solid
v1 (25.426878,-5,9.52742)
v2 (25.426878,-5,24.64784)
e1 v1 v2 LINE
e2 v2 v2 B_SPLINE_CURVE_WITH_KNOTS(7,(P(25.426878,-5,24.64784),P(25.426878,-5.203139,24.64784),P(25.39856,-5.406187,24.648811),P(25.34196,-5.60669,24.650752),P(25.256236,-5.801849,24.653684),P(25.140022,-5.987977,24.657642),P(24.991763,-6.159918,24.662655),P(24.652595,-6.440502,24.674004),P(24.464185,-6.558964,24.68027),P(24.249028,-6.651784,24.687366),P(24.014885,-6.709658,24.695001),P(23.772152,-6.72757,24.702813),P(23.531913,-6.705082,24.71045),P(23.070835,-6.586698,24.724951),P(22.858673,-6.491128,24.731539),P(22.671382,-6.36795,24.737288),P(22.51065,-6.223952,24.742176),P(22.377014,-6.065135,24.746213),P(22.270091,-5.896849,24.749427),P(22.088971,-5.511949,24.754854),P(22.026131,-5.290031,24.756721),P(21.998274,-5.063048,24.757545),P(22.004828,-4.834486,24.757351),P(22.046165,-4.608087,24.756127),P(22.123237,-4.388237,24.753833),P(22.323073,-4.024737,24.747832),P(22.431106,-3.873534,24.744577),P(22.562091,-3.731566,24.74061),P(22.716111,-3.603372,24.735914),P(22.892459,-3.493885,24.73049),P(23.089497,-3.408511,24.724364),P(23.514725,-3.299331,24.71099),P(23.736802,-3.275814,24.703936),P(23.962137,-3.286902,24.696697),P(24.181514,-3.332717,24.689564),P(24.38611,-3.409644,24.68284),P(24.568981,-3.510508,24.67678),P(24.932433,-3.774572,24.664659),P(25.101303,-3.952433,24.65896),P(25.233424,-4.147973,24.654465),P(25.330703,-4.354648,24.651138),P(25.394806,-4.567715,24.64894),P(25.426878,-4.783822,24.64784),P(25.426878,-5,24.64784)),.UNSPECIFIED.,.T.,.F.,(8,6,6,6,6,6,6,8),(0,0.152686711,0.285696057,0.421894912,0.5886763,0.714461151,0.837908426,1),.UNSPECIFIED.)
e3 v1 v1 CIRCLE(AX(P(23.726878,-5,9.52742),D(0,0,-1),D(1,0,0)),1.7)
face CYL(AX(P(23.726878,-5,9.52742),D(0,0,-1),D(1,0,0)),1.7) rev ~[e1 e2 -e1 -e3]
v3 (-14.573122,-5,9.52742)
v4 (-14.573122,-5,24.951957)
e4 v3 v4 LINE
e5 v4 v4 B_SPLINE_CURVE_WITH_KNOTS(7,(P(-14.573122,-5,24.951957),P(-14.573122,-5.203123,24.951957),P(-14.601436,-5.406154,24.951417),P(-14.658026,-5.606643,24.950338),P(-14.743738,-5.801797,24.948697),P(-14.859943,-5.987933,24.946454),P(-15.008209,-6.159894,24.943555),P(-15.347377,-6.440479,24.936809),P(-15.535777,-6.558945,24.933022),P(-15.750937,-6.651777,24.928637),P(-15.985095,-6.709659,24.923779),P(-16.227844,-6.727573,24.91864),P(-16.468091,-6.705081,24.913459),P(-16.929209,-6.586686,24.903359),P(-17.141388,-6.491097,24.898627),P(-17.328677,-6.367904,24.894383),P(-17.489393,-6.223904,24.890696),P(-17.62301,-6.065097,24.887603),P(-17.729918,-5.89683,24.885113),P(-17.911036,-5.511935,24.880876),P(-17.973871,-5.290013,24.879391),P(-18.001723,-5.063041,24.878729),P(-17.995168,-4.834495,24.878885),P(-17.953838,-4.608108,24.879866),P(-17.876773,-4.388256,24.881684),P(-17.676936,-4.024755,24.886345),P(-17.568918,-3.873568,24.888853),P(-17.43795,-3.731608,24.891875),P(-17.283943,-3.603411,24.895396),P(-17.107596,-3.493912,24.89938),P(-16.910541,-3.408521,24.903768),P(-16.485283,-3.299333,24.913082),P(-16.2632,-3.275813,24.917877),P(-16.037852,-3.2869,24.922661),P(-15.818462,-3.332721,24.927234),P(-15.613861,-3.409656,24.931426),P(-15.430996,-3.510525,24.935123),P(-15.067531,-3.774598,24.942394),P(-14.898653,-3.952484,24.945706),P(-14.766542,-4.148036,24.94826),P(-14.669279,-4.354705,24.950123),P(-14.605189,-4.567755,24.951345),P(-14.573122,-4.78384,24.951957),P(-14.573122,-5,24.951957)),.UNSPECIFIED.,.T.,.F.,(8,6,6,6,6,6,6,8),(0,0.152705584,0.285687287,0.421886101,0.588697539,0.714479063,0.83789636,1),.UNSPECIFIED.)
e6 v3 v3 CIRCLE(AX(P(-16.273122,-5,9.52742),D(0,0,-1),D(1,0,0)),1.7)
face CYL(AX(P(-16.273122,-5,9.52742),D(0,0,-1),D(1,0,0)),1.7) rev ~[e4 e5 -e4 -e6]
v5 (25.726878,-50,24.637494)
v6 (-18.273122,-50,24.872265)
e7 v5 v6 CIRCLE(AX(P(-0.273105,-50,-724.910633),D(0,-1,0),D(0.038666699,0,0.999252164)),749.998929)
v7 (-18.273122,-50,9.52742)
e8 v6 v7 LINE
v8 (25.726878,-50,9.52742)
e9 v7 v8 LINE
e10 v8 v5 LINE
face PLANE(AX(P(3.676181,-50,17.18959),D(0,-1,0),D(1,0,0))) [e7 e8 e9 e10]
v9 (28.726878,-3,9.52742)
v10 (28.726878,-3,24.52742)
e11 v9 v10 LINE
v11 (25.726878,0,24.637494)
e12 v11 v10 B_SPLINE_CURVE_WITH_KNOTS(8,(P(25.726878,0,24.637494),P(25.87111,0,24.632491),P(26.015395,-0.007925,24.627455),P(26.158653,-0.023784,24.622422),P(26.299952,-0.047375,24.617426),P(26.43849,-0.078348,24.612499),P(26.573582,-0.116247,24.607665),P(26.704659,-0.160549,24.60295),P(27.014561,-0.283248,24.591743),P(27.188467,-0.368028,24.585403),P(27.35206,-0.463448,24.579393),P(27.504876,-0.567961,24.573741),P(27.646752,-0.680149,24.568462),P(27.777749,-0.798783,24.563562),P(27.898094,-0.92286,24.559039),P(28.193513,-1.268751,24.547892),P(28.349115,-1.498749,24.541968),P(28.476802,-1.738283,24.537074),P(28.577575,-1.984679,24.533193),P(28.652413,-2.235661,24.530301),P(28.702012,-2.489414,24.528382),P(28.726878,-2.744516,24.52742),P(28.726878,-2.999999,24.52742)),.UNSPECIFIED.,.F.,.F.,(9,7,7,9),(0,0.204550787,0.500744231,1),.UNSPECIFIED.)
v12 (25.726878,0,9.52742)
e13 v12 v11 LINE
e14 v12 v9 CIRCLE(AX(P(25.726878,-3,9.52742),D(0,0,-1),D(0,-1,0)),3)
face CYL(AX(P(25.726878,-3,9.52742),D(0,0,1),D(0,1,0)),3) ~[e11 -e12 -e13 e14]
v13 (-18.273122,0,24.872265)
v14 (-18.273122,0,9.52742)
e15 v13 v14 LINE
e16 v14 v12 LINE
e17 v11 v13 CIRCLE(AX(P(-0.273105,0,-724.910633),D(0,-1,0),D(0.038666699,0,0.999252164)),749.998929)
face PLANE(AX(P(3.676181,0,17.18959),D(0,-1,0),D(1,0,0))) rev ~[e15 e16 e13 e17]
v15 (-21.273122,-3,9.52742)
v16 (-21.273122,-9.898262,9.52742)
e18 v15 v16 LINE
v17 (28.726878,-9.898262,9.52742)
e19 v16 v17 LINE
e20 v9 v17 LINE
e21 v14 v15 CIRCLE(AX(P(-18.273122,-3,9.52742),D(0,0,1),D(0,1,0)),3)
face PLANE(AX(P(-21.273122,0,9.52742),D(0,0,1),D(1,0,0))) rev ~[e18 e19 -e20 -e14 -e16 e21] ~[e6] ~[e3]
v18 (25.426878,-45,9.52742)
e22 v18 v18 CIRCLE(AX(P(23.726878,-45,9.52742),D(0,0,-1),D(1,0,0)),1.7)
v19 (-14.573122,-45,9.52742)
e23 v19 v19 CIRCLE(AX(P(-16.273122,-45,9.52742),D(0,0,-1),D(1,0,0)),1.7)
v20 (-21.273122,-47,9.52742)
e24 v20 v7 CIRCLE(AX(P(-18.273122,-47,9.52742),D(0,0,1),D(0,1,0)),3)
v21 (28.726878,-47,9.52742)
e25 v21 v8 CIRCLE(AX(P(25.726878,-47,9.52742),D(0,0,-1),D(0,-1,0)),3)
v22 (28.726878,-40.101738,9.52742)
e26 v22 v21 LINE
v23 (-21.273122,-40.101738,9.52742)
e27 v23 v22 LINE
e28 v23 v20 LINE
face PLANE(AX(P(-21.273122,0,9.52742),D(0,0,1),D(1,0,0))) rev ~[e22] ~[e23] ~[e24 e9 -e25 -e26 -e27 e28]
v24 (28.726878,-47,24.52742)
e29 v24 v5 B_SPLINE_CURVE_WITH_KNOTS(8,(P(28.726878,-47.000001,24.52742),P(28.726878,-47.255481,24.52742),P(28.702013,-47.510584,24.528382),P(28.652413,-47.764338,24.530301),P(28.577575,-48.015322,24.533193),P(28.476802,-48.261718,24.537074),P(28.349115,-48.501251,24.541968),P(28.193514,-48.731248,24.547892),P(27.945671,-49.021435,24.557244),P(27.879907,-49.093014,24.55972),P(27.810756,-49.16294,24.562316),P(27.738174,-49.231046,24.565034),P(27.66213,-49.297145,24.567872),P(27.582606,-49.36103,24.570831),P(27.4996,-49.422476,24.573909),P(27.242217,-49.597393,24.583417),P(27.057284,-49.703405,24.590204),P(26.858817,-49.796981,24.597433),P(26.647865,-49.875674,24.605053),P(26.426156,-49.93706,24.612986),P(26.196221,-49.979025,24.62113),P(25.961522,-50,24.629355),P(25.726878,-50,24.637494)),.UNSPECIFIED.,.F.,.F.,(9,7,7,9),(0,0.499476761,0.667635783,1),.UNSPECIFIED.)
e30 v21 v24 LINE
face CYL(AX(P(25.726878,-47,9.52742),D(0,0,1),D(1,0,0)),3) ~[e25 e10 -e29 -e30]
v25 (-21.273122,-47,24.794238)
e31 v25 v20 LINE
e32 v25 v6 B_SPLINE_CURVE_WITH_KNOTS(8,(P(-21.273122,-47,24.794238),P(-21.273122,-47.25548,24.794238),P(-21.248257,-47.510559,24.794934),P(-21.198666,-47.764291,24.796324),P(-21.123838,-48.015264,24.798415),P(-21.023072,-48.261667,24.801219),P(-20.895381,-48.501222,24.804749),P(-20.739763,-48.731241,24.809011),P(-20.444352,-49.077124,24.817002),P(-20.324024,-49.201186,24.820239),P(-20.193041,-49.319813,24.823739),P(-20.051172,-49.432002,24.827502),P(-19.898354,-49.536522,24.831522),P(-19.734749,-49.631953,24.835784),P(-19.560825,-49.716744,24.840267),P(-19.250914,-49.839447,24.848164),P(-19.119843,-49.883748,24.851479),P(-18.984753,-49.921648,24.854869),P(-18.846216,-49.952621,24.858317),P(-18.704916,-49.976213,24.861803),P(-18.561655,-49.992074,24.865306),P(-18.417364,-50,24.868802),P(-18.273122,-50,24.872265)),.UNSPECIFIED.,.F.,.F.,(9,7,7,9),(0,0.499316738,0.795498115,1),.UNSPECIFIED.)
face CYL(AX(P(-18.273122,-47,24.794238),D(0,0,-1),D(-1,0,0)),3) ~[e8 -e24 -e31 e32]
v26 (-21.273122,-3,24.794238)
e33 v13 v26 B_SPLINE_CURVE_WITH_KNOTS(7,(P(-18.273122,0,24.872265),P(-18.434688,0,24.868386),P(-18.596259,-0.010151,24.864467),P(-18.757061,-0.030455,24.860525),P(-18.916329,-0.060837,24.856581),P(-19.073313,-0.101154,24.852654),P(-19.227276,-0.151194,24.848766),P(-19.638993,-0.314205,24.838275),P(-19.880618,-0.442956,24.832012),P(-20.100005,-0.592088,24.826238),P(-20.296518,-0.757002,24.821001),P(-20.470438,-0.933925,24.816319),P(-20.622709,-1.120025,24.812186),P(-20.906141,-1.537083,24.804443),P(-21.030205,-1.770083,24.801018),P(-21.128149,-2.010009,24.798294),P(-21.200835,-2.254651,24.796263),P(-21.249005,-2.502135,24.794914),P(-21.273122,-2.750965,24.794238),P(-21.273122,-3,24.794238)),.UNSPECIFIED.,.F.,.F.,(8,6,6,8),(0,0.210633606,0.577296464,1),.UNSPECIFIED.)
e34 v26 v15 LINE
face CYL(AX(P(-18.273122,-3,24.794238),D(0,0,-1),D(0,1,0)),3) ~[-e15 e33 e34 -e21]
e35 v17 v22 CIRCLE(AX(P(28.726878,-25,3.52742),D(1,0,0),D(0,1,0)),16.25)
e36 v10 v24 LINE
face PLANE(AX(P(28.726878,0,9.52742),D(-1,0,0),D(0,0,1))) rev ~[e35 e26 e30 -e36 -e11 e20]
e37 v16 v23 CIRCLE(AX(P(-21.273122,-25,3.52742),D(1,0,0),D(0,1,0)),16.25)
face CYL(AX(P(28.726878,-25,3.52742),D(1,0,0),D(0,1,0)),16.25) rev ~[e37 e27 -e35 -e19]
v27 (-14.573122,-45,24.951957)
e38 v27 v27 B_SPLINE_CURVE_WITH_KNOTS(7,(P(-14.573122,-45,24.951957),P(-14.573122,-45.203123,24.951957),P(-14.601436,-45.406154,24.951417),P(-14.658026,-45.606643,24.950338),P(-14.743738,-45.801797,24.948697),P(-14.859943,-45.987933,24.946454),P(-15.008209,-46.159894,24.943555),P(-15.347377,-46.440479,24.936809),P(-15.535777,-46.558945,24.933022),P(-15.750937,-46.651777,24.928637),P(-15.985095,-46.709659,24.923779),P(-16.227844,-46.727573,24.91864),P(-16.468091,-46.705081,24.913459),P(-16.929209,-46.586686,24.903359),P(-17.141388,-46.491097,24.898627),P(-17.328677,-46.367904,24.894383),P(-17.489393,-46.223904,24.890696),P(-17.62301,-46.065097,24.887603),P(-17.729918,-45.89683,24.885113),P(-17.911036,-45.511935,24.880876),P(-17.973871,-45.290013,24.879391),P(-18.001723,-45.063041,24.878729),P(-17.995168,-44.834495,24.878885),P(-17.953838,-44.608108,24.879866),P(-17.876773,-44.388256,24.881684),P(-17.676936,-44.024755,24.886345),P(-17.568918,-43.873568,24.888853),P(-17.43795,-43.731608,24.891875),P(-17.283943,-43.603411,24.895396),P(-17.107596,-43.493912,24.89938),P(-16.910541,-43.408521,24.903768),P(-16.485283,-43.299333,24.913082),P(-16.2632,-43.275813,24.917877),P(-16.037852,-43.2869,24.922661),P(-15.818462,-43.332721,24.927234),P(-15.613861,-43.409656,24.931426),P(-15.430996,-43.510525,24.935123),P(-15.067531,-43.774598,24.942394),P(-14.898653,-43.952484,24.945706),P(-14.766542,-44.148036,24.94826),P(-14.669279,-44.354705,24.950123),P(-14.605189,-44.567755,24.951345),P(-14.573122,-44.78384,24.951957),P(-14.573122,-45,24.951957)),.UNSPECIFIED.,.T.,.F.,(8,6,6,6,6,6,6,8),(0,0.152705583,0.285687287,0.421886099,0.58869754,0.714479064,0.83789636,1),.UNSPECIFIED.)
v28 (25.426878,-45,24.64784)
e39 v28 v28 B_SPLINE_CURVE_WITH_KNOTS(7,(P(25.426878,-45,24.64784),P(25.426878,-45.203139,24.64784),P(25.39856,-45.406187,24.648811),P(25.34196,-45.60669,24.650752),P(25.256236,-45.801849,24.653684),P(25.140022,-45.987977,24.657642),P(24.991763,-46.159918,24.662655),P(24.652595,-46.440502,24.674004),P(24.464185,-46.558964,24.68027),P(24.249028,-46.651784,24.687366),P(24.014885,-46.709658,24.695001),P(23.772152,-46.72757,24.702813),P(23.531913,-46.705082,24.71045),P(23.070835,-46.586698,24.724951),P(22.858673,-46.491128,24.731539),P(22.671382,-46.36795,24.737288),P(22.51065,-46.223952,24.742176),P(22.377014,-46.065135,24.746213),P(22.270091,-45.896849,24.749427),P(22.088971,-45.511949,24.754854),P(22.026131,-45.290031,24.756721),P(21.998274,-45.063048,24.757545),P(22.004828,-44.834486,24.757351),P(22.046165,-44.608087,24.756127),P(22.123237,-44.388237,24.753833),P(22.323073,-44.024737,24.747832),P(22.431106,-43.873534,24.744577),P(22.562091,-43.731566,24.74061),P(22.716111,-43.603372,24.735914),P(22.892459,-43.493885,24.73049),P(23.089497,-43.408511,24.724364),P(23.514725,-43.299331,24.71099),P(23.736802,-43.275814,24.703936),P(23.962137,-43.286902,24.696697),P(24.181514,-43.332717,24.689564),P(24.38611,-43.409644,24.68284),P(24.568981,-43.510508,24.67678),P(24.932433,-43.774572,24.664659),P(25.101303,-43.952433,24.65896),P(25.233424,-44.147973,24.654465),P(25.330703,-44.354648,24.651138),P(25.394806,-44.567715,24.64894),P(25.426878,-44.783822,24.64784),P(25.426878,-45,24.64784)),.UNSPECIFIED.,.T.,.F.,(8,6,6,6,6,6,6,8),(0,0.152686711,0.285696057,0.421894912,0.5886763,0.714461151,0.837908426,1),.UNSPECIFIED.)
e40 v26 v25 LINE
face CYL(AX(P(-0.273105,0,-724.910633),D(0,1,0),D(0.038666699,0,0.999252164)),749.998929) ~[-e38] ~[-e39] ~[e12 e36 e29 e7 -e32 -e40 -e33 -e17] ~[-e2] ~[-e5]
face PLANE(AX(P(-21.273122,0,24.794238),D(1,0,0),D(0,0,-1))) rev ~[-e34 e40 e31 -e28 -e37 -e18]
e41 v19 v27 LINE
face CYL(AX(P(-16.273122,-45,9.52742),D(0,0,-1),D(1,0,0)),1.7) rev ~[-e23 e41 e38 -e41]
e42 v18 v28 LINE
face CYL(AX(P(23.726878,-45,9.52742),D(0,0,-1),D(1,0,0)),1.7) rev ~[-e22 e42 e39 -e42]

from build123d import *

# Parameters (mm, degrees)
F1_DEPTH = 50
F2_R     = 16.25
F3_DEPTH = 50.001
F4_R     = 1.7
F5_DEPTH = 15.561876
F6_R     = 3


with BuildPart() as f1:
    # F0 (on Front) → F1 (new body)
    with BuildSketch(Plane.XZ):
        with BuildLine():
            Line((-21.273122, 9.52742), (28.726878, 9.52742))
            Line((28.726878, 9.52742), (28.726878, 24.52742))
            ThreePointArc((28.726878, 24.52742), (3.729103, 25.077618), (-21.273122, 24.794238))
            Line((-21.273122, 24.794238), (-21.273122, 9.52742))
        make_face()
    extrude(amount=F1_DEPTH)

    # F2 (on face) → F3 (cut, through all)
    with BuildSketch(Plane.YZ.offset(28.726878)):
        with Locations((-25, 3.52742)):
            Circle(F2_R)
    extrude(amount=-F3_DEPTH, mode=Mode.SUBTRACT)

    # F4 (on face) → F5 (cut, through all)
    with BuildSketch(Plane(origin=(0, 0, 9.52742), x_dir=(1, 0, 0), z_dir=(0, 0, -1))):
        with Locations((-16.273122, 45)):
            Circle(F4_R)
        with Locations((23.726878, 45)):
            Circle(F4_R)
        with Locations((-16.273122, 5)):
            Circle(F4_R)
        with Locations((23.726878, 5)):
            Circle(F4_R)
    extrude(amount=-F5_DEPTH, mode=Mode.SUBTRACT)

    # F6
    f6_edges = [f1.edges().sort_by_distance(p)[0] for p in [
        (28.726878, -50, 17.02742),
        (-21.273122, -50, 17.160829),
        (-21.273122, 0, 17.160829),
        (28.726878, 0, 17.02742),
    ]]
    fillet(f6_edges, radius=F6_R)


solid = f1.part
